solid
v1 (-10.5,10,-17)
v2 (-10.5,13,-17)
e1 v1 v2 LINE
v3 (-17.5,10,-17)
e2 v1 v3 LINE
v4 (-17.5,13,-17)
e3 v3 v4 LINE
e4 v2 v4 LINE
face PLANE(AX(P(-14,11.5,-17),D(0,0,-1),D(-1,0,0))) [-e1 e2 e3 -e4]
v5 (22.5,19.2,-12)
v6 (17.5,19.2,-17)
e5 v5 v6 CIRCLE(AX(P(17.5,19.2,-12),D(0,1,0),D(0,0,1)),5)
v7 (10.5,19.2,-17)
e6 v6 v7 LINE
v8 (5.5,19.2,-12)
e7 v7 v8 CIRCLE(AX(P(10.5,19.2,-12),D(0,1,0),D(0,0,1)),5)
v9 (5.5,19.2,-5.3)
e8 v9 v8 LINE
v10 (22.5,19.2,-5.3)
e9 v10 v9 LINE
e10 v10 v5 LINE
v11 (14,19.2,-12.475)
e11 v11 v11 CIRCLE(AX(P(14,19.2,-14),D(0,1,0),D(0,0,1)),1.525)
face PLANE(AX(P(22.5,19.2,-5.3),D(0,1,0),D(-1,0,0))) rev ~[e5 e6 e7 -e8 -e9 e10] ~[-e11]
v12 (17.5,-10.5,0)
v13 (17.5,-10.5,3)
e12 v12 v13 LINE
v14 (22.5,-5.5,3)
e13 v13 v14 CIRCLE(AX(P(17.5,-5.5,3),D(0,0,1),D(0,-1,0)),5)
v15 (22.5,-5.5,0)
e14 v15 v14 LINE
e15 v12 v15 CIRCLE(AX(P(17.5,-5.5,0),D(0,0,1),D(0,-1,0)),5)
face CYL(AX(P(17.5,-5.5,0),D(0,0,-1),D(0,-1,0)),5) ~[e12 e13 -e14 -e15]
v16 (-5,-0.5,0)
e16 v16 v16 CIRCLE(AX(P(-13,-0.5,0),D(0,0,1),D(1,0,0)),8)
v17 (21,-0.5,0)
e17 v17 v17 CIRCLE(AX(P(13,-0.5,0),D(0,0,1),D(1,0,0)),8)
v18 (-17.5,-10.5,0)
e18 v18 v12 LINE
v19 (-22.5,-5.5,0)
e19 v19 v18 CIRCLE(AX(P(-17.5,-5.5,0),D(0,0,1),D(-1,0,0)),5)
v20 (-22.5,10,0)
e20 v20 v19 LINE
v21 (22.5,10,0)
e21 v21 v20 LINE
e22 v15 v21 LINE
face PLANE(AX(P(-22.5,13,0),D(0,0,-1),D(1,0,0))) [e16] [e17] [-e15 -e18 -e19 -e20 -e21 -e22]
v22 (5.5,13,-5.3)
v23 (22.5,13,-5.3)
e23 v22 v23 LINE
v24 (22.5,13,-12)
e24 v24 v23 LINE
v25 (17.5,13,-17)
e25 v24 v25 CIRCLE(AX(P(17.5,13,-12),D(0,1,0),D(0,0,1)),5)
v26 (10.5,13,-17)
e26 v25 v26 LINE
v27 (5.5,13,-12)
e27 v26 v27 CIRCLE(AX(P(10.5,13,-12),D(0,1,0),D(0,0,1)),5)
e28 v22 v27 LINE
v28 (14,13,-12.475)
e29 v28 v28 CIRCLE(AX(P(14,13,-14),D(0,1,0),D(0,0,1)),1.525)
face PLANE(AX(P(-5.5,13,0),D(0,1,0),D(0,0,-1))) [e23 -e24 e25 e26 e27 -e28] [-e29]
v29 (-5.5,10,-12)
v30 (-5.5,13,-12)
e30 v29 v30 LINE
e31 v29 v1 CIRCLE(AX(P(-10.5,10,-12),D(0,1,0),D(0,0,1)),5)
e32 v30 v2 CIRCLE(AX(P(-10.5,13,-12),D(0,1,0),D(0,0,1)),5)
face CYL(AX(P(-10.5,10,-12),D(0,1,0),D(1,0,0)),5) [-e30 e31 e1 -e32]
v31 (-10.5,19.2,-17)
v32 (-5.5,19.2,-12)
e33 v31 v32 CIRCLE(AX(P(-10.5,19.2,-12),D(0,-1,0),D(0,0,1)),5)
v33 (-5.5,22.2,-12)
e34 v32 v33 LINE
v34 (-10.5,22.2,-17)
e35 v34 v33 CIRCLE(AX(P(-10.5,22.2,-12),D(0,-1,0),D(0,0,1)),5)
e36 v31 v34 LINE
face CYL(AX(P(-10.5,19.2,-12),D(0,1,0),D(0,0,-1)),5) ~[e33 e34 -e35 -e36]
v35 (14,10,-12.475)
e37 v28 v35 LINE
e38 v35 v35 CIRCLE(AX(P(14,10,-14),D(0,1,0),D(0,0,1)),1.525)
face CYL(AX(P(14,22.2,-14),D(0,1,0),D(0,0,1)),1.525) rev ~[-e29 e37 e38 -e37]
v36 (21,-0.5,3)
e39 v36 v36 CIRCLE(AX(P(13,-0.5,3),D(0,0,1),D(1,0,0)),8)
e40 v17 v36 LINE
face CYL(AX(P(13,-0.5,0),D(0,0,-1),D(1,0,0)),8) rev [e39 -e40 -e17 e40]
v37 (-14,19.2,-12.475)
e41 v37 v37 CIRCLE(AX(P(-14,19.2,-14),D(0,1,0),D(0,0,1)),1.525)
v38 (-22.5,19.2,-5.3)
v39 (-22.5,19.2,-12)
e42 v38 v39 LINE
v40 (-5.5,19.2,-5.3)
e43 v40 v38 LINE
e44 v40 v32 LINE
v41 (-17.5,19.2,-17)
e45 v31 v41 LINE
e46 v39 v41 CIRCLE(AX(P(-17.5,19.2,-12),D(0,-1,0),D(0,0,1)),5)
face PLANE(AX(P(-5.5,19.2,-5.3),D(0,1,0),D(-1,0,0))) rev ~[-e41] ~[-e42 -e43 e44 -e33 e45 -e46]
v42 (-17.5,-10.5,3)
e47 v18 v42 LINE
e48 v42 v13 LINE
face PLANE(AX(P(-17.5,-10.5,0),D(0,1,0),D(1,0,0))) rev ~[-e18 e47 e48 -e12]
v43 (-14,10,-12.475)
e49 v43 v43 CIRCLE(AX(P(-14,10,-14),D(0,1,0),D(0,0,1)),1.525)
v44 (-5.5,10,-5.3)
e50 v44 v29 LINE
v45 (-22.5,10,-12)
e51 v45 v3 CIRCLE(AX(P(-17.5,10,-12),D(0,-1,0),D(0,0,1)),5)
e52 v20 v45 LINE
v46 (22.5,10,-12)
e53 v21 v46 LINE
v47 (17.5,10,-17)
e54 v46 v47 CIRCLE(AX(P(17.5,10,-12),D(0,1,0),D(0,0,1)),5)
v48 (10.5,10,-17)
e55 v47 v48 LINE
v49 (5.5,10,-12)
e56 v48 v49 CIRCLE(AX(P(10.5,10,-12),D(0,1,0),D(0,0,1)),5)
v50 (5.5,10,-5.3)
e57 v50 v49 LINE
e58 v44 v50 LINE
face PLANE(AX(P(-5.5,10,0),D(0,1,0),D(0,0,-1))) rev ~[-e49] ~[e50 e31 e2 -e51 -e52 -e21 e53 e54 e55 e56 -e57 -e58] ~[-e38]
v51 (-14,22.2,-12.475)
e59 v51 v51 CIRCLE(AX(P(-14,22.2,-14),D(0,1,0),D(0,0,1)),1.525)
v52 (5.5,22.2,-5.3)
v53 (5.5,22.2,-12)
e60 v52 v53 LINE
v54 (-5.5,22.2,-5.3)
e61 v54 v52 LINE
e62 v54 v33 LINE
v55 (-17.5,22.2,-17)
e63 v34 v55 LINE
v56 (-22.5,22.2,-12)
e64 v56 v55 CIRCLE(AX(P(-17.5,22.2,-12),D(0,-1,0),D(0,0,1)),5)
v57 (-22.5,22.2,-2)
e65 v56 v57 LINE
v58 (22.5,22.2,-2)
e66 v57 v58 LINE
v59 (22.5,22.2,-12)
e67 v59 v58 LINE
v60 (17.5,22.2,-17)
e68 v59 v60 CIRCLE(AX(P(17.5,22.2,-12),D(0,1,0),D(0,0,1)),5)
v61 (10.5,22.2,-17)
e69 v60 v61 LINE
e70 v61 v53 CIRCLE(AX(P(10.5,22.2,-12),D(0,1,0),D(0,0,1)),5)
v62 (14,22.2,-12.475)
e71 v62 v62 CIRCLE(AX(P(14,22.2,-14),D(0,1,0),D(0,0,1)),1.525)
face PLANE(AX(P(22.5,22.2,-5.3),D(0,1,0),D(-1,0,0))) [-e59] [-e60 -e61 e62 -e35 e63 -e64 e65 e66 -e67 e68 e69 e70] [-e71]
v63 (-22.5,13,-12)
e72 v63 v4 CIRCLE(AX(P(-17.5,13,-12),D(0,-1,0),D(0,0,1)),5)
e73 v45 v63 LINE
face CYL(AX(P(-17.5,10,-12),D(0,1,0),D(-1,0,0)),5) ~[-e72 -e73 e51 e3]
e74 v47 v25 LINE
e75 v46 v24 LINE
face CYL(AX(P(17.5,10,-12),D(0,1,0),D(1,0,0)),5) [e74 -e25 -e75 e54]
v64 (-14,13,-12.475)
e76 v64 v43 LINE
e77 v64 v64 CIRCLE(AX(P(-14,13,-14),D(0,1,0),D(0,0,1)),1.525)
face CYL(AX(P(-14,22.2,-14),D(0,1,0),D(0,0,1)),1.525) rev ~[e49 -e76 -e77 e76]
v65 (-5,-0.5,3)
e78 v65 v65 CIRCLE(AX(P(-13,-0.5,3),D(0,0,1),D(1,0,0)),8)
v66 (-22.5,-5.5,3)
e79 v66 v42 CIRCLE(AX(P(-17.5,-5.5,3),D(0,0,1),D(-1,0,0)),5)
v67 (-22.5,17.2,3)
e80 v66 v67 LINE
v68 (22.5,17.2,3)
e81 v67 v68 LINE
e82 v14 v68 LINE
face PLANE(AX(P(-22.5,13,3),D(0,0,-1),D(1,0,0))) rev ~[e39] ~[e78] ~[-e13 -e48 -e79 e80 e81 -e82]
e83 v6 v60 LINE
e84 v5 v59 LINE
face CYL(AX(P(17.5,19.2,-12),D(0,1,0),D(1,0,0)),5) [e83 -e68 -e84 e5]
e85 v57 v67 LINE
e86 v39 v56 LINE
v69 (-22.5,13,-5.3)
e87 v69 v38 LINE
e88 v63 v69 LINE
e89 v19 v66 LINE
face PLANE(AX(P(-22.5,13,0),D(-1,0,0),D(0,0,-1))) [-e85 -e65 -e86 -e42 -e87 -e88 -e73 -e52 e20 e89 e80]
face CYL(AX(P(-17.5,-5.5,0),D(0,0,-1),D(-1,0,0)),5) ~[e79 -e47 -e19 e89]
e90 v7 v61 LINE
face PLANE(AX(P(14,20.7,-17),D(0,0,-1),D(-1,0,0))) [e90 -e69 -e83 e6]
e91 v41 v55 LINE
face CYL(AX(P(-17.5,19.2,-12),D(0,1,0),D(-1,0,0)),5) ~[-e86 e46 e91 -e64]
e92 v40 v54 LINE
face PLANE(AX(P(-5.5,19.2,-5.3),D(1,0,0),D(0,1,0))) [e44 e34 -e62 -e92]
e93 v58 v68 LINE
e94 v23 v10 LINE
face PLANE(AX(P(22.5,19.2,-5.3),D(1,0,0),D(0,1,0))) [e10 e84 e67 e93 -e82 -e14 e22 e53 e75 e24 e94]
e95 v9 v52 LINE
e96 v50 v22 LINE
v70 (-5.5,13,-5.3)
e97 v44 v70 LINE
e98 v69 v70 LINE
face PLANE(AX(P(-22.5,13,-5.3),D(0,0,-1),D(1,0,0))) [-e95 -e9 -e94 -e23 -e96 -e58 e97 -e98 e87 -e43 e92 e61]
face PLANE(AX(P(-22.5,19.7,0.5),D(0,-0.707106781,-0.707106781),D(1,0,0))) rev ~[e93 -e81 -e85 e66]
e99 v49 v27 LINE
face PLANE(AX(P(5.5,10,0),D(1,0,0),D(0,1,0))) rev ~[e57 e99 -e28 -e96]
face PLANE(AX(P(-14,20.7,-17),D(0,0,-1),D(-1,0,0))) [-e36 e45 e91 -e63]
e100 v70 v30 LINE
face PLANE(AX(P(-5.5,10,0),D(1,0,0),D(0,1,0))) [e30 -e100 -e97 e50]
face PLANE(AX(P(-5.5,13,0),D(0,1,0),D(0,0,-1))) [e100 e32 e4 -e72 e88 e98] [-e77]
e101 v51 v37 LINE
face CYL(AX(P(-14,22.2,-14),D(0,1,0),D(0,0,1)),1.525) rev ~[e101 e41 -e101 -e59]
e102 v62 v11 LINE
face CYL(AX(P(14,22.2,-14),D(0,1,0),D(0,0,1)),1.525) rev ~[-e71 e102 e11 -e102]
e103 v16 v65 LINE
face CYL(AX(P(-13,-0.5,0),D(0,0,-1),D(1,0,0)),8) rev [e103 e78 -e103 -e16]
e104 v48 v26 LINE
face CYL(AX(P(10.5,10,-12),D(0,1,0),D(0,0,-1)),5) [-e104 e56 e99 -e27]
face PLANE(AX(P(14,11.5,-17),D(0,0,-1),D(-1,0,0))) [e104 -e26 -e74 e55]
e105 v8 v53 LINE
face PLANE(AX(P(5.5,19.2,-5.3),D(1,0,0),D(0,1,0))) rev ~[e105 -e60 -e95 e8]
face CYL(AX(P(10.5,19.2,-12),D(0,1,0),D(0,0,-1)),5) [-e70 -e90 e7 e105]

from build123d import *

# Parameters (mm, degrees)
SKETCH1_R           = 8
BOSS_EXTRUDE1_DEPTH = 3
SKETCH2_W           = 17
SKETCH2_H           = 3
BOSS_EXTRUDE2_DEPTH = 17
SKETCH3_W           = 45
SKETCH3_H           = 3
BOSS_EXTRUDE3_DEPTH = 9.2
BOSS_EXTRUDE4_REACH = 41.571
SKETCH4_W           = 5.3
SKETCH4_H           = 3
SKETCH6_W           = 45
SKETCH6_H           = 5.3
BOSS_EXTRUDE5_DEPTH = 9.2
SKETCH7_W           = 17
SKETCH7_H           = 3
BOSS_EXTRUDE6_DEPTH = 11.7
SKETCH8_R           = 1.525
CUT_EXTRUDE1_DEPTH  = 44.180319591
CHAMFER1_SIZE       = 5
FILLET1_R           = 5


with BuildPart() as part:
    # Sketch1 → Boss-Extrude1 (new body)
    with BuildSketch(Plane.XY):
        with BuildLine():
            Line((-17.5, -10.5), (17.5, -10.5))
            ThreePointArc((17.5, -10.5), (21.035533906, -9.035533906), (22.5, -5.5))
            Line((22.5, -5.5), (22.5, 10.5))
            Line((22.5, 10.5), (22.5, 13))
            Line((22.5, 13), (-22.5, 13))
            Line((-22.5, 13), (-22.5, 10.5))
            Line((-22.5, 10.5), (-22.5, -5.5))
            ThreePointArc((-22.5, -5.5), (-21.035533906, -9.035533906), (-17.5, -10.5))
        make_face()
        with Locations((13, -0.5)):
            Circle(SKETCH1_R, mode=Mode.SUBTRACT)
        with Locations((-13, -0.5)):
            Circle(SKETCH1_R, mode=Mode.SUBTRACT)
    extrude(amount=BOSS_EXTRUDE1_DEPTH)

    # Sketch2 → Boss-Extrude2 (add)
    with BuildSketch(Plane(origin=(0, 0, 0), x_dir=(-1, 0, 0), z_dir=(0, 0, -1))):
        with Locations((-14, 11.5)):
            Rectangle(SKETCH2_W, SKETCH2_H)
        with Locations((14, 11.5)):
            Rectangle(SKETCH2_W, SKETCH2_H)
    extrude(amount=BOSS_EXTRUDE2_DEPTH)

    # Sketch3 → Boss-Extrude3 (add)
    with BuildSketch(Plane(origin=(0, 13, 0), x_dir=(1, 0, 0), z_dir=(0, 1, 0))):
        with Locations((0, -1.5)):
            Rectangle(SKETCH3_W, SKETCH3_H)
    extrude(amount=BOSS_EXTRUDE3_DEPTH)

    # Sketch4 → Boss-Extrude4 (add, up to next)
    with BuildSketch(Plane(origin=(-5.5, 0, 0), x_dir=(0, 0, -1), z_dir=(1, 0, 0)), mode=Mode.PRIVATE) as boss_extrude4_sk1:
        with Locations((2.65, 11.5)):
            Rectangle(SKETCH4_W, SKETCH4_H)
    boss_extrude4_tool1 = extrude(boss_extrude4_sk1.sketch, amount=BOSS_EXTRUDE4_REACH, mode=Mode.PRIVATE) - part.part
    add(boss_extrude4_tool1.solids().sort_by_distance((-5.5, 11.5, -2.65))[0])

    # Sketch6 → Boss-Extrude5 (add)
    with BuildSketch(Plane(origin=(0, 13, 0), x_dir=(1, 0, 0), z_dir=(0, 1, 0))):
        with Locations((0, 2.65)):
            Rectangle(SKETCH6_W, SKETCH6_H)
    extrude(amount=BOSS_EXTRUDE5_DEPTH)

    # Sketch7 → Boss-Extrude6 (add, through all)
    with BuildSketch(Plane(origin=(0, 0, -5.3), x_dir=(-1, 0, 0), z_dir=(0, 0, -1))):
        with Locations((-14, 20.7)):
            Rectangle(SKETCH7_W, SKETCH7_H)
        with Locations((14, 20.7)):
            Rectangle(SKETCH7_W, SKETCH7_H)
    extrude(amount=BOSS_EXTRUDE6_DEPTH)

    # Sketch8 → Cut-Extrude1 (cut, through all)
    with BuildSketch(Plane(origin=(0, 22.2, 0), x_dir=(1, 0, 0), z_dir=(0, 1, 0))):
        with Locations(Location((14, 14, 0), (0, 0, 270))):
            Circle(SKETCH8_R)
        with Locations(Location((-14, 14, 0), (0, 0, 270))):
            Circle(SKETCH8_R)
    extrude(amount=-CUT_EXTRUDE1_DEPTH, mode=Mode.SUBTRACT)

    # Chamfer1
    chamfer1_edges = [part.edges().sort_by_distance(p)[0] for p in [
        (0, 22.2, 3),
    ]]
    chamfer(chamfer1_edges, length=CHAMFER1_SIZE)

    # Fillet1
    fillet1_edges = [part.edges().sort_by_distance(p)[0] for p in [
        (22.5, 20.7, -17),
        (5.5, 20.7, -17),
        (-22.5, 20.7, -17),
        (-5.5, 20.7, -17),
        (5.5, 11.5, -17),
        (22.5, 11.5, -17),
        (-5.5, 11.5, -17),
        (-22.5, 11.5, -17),
    ]]
    fillet(fillet1_edges, radius=FILLET1_R)


solid = part.part
